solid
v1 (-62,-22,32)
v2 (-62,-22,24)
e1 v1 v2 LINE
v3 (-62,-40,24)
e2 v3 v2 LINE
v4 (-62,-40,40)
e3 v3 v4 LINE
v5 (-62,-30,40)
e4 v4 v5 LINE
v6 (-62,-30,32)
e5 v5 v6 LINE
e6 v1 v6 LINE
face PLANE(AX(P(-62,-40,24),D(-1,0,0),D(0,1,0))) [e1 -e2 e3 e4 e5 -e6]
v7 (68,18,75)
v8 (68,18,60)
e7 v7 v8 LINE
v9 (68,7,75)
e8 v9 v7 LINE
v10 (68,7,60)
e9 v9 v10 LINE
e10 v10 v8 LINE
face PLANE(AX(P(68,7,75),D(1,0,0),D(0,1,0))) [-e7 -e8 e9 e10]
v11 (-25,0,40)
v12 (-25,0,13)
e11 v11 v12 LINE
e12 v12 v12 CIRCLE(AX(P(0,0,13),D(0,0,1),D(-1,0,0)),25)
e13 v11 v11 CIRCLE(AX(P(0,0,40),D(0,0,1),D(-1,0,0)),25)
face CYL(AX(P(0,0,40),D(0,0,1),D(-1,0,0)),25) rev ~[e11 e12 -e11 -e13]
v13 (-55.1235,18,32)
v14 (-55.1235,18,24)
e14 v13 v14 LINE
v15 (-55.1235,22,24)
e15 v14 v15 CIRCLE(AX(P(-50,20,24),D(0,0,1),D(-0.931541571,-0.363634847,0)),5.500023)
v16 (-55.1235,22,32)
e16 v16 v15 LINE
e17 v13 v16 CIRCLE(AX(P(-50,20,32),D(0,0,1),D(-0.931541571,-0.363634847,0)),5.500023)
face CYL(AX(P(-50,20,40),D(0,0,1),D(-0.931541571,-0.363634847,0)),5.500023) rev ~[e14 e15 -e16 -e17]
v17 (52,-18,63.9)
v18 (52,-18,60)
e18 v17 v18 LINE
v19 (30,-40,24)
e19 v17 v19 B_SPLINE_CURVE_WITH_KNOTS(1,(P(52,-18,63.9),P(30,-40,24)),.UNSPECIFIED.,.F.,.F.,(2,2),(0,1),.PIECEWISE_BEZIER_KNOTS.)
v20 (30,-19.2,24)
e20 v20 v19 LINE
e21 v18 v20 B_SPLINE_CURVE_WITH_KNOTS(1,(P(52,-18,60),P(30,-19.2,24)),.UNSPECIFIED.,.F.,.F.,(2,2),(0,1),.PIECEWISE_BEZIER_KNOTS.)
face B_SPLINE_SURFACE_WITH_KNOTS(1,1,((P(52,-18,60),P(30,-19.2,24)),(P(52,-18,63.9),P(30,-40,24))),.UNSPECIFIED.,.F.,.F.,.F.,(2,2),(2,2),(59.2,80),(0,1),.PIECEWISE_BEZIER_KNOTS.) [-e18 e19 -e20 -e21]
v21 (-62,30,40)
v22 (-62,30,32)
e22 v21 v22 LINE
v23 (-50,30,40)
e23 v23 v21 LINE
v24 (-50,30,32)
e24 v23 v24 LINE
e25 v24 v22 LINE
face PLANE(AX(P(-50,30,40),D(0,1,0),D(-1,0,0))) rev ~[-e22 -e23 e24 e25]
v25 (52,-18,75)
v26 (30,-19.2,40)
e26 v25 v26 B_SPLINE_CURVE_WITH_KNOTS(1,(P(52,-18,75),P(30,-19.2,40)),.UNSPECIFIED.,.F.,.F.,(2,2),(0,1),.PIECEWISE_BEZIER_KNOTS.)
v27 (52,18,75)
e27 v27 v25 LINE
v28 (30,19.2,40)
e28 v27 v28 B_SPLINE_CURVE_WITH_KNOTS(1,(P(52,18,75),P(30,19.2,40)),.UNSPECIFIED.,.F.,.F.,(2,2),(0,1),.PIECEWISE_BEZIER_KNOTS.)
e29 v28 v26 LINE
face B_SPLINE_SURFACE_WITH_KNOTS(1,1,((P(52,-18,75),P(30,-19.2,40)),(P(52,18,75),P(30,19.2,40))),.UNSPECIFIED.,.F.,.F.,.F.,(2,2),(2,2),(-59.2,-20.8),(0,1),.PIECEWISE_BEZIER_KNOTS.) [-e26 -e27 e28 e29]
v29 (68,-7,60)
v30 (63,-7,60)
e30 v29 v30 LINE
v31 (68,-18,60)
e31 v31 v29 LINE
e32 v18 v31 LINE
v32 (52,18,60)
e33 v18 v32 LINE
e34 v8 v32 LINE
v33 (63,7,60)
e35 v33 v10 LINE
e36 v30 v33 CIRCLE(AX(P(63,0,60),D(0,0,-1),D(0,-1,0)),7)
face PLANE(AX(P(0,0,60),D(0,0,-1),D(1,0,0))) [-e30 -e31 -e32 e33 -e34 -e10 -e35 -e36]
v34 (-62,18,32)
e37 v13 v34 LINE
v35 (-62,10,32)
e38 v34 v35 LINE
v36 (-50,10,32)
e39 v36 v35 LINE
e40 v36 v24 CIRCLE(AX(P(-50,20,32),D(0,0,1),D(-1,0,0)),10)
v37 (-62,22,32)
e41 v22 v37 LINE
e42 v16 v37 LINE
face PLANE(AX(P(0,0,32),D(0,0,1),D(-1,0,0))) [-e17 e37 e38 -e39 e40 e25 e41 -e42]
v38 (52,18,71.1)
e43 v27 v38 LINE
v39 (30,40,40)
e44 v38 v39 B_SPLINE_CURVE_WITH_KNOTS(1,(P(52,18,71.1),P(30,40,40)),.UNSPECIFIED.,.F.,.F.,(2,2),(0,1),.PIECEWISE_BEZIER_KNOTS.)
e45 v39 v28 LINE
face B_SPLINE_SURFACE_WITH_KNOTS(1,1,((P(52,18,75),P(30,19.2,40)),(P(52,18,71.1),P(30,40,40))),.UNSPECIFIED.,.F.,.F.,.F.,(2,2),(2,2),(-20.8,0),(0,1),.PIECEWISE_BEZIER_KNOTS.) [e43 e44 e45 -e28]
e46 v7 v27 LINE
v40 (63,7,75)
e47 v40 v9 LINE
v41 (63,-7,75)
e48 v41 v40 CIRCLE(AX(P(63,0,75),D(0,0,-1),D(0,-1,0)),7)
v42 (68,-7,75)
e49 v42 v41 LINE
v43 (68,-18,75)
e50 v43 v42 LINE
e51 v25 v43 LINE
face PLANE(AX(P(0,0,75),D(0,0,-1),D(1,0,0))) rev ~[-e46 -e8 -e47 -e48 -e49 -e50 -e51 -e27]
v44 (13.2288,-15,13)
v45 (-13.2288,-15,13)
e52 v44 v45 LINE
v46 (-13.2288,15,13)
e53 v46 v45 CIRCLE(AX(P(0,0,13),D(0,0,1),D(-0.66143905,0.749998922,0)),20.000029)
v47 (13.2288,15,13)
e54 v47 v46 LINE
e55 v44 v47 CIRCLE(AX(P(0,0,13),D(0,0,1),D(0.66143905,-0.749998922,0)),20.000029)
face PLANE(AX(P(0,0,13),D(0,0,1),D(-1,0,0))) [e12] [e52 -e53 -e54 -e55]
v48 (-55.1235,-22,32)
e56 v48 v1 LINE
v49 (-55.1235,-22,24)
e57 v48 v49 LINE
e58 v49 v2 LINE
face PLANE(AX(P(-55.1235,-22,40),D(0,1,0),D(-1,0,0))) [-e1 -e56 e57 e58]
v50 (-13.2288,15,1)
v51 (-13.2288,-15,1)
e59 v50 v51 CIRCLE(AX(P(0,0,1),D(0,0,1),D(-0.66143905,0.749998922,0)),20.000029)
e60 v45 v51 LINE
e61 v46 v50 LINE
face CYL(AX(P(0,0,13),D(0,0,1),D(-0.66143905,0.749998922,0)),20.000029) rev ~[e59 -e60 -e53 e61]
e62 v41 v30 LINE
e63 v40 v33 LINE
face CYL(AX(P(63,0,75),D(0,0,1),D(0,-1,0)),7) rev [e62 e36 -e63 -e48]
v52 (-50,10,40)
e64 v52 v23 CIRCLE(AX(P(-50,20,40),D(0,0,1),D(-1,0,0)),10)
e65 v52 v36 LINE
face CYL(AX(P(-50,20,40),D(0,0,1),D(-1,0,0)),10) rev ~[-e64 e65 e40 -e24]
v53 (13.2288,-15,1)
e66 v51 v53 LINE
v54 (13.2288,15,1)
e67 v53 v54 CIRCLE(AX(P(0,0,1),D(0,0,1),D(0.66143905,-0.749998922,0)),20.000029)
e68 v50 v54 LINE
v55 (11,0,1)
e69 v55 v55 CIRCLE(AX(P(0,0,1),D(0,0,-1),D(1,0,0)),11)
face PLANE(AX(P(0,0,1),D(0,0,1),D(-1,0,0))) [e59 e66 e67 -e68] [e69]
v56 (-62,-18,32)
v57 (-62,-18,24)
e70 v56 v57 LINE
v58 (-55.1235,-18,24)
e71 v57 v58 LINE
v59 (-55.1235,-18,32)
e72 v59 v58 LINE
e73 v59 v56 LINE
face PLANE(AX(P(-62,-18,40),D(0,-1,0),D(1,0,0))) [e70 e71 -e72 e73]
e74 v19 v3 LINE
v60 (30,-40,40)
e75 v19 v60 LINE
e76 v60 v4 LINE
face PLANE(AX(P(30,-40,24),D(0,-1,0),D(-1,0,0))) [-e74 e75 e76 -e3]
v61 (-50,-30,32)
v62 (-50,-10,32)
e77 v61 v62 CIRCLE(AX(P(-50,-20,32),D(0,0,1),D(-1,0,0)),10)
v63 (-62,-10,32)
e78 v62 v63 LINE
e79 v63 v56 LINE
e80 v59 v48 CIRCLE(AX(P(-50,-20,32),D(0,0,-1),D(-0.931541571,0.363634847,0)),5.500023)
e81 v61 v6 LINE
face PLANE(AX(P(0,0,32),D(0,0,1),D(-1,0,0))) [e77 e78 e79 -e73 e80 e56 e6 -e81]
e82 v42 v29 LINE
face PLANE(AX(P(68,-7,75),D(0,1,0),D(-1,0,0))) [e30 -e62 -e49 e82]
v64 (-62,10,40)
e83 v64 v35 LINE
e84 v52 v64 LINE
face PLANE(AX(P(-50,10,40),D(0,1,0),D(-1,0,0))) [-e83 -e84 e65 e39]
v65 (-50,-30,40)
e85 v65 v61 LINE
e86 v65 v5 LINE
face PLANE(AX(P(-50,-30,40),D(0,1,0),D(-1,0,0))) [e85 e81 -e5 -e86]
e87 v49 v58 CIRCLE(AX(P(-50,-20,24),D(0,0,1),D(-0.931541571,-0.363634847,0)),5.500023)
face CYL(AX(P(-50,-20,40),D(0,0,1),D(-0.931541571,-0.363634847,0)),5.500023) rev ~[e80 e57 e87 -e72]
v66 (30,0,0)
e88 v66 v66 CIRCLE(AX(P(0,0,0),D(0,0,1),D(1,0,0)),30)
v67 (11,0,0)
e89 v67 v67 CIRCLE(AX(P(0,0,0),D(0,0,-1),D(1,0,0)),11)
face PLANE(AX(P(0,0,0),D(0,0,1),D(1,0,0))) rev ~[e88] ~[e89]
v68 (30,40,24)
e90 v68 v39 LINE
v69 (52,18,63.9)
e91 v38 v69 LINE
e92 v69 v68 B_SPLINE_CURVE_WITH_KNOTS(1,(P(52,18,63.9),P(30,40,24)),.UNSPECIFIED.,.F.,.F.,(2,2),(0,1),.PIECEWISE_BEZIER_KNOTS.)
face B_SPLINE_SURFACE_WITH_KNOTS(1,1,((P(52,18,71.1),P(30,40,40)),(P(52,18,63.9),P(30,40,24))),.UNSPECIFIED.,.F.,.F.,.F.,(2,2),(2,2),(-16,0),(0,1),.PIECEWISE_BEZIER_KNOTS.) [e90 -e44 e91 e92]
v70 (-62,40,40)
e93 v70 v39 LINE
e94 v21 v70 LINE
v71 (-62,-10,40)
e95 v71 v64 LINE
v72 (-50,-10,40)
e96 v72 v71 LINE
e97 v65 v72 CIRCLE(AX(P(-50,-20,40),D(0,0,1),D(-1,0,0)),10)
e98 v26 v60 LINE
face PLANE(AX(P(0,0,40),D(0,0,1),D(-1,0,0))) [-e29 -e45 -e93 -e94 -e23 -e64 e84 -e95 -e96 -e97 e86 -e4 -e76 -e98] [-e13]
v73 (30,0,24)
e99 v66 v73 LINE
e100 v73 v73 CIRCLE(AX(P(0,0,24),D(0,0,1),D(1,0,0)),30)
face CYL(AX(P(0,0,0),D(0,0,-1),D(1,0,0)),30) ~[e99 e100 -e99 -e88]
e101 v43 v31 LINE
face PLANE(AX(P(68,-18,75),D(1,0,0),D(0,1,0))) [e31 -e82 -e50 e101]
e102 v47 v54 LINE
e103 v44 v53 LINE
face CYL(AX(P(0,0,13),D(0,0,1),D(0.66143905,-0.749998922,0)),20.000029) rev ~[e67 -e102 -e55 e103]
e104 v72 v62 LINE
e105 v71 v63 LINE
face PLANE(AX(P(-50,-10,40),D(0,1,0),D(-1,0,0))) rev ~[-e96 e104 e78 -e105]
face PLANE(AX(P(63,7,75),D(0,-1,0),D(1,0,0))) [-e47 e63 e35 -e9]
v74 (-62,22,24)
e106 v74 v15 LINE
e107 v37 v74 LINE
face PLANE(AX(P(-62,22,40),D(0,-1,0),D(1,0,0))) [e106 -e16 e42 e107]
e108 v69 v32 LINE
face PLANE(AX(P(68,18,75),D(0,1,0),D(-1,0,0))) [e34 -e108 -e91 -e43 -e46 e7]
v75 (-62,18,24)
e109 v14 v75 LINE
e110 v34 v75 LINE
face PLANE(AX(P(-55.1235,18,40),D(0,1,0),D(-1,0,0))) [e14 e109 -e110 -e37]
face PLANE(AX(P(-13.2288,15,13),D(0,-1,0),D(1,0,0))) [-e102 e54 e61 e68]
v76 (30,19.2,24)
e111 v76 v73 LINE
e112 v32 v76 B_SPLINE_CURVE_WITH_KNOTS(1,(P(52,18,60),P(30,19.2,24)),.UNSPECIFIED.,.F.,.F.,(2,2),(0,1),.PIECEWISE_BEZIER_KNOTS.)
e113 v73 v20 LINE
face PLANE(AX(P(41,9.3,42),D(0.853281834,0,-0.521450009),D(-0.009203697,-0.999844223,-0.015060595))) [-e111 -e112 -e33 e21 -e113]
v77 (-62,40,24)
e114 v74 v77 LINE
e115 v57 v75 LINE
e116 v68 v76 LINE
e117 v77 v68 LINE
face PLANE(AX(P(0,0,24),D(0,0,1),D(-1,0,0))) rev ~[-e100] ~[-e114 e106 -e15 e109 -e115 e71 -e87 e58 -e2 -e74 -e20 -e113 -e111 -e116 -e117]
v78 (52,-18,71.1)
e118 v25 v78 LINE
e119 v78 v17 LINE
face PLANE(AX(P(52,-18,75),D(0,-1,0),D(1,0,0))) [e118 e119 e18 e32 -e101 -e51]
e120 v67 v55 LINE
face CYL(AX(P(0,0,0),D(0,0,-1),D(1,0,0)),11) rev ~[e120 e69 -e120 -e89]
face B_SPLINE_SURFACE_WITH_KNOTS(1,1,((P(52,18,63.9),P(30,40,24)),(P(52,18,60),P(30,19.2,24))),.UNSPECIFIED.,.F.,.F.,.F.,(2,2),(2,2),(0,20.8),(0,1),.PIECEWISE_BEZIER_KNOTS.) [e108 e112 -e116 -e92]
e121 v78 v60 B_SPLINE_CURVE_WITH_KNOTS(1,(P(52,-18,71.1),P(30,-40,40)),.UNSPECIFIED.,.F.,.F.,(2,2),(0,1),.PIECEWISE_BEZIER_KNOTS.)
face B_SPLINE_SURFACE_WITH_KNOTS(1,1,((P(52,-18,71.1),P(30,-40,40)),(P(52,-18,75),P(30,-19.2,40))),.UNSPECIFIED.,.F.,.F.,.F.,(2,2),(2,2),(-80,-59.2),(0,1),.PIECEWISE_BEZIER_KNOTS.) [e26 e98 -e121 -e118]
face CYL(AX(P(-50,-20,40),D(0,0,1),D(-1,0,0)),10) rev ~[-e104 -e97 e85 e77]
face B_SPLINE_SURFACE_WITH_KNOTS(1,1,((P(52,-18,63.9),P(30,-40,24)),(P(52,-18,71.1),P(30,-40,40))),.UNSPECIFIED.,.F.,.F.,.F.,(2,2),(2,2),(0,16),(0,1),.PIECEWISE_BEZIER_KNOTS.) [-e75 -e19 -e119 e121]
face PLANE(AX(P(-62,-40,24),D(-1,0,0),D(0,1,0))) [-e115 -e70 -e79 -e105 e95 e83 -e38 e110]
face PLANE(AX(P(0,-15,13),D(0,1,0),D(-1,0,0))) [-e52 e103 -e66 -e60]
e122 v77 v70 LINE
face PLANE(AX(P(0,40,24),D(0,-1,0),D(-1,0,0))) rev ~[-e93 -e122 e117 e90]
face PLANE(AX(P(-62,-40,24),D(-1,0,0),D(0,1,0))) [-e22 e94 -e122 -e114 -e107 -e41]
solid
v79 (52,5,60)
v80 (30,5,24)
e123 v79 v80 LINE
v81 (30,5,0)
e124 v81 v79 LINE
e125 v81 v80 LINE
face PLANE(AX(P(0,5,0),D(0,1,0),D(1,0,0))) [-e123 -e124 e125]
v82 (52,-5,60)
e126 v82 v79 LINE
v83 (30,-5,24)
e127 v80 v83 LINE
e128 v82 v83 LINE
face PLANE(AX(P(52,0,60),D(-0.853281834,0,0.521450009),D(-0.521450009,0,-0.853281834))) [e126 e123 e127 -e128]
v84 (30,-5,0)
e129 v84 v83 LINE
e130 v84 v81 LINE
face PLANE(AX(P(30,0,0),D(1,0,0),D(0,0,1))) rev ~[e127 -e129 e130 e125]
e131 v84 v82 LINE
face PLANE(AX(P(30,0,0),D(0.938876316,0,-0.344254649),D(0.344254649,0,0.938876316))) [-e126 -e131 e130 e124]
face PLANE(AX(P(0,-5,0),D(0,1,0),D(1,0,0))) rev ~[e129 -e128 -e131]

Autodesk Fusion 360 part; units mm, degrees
sketch "Sketch1" plane through (0, 0, 0) normal (0, 0, 1) x (1, 0, 0)
  circle A0 centre (0, 0) radius 30
extrude "Extrude1" add sketch "Sketch1" along normal blind 24 makes body 1
sketch "Sketch2" plane through (0, 0, 24) normal (0, 0, 1) x (-1, 0, 0)
  circle A0 centre (0, 0) radius 30
  line L0 (-30, 0) -> (-30, -40)
  line L1 (-30, -40) -> (-30, 0)
  line L2 (-30, 0) -> (-30, 40)
  line L3 (0, -40) -> (62, -40)
  line L4 (62, -40) -> (-30, -40)
  line L5 (-30, -40) -> (-30, 40)
  line L6 (-30, 40) -> (62, 40)
  line L7 (62, 40) -> (62, -40)
extrude "Extrude2" add sketch "Sketch2" along normal blind 16 contours A0 | L0 L1 L2 L3 L4 L5 L6 L7 bodies 1
sketch "Sketch3" plane through (0, 0, 40) normal (0, 0, 1) x (-1, 0, 0)
  line L0 (62, 40) -> (-30, 40)
  line L1 (-30, 40) -> (-30, -40)
  line L2 (-30, -40) -> (62, -40)
  line L3 (62, -40) -> (62, 40)
  line L4 (62, 0) -> (62, -20)
  line L5 (62, 0) -> (62, 20)
  line L6 (55.1235, 22) -> (62, 22)
  line L7 (62, 22) -> (62, 18)
  line L8 (62, 18) -> (55.1235, 18)
  line L9 (55.1235, -18) -> (62, -18)
  line L10 (62, -18) -> (62, -22)
  line L11 (62, -22) -> (55.1235, -22)
  arc A0 (59.798, -18) -> (59.798, -22) centre (50, -20) ccw
  arc A1 (55.1235, -18) -> (55.1235, -22) centre (50, -20) ccw
  arc A2 (59.798, 22) -> (59.798, 18) centre (50, 20) ccw
  arc A3 (55.1235, 22) -> (55.1235, 18) centre (50, 20) ccw
  point P0 (62, 0)
extrude "Extrude3" cut sketch "Sketch3" against normal blind 123 contours L3 L5 L6 L7 L8 A3 | L3 L4 L9 L10 L11 A1 bodies 1
sketch "Sketch4" plane through (0, 0, 40) normal (0, 0, 1) x (-1, 0, 0)
  line L0 (55.1235, 22) -> (62, 22)
  line L1 (62, 22) -> (62, 40)
  line L2 (62, 40) -> (-30, 40)
  line L3 (-30, 40) -> (-30, -40)
  line L4 (-30, -40) -> (62, -40)
  line L5 (62, -40) -> (62, -22)
  line L6 (62, -22) -> (55.1235, -22)
  arc A0 (55.1235, -18) -> (55.1235, -22) centre (50, -20) ccw
  line L7 (55.1235, -18) -> (62, -18)
  line L8 (62, -18) -> (62, 18)
  line L9 (62, 18) -> (55.1235, 18)
  arc A1 (55.1235, 22) -> (55.1235, 18) centre (50, 20) ccw
  circle A2 centre (50, -20) radius 10
  circle A3 centre (50, 20) radius 10
  line L10 (50, -30) -> (50, -10)
  line L11 (50, 30) -> (50, 10)
  line L12 (50, -30) -> (62, -30)
  line L13 (50, -10) -> (62, -10)
  line L14 (50, 10) -> (62, 10)
  line L15 (50, 30) -> (62, 30)
  dimension "d25" = 20
  dimension "d26" = 20
extrude "Extrude4" cut sketch "Sketch4" against normal blind 8 contours L0 A1 A3 L11 | L0 L1 A3 L15 | A1 A3 L11 | L9 A1 A3 L11 | L8 L9 A3 L14 | L7 L8 A2 L13 | A0 A2 L10 | A0 L7 A2 L10 | L6 A0 A2 L10 | L5 L6 A2 L12 bodies 1
sketch "Sketch5" plane through (0, -40, 0) normal (0, -1, 0) x (1, 0, 0)
  line L0 (-62, 24) -> (30, 24)
  line L1 (30, 24) -> (30, 40)
  line L2 (30, 40) -> (-62, 40)
  line L3 (-62, 40) -> (-62, 24)
  line L4 (52, 55) -> (52, 70)
  line L5 (52, 70) -> (52, 55)
  line L6 (30, 40) -> (52, 70)
  line L7 (30, 24) -> (52, 55)
sketch "Sketch6" plane through (0, 40, 0) normal (0, 1, 0) x (-1, 0, 0)
  line L0 (-30, 24) -> (62, 24)
  line L1 (62, 24) -> (62, 40)
  line L2 (62, 40) -> (-30, 40)
  line L3 (-30, 40) -> (-30, 24)
  line L4 (62, 24) -> (-52, 24)
  line L5 (-52, 24) -> (-52, 26)
  line L6 (-52, 26) -> (-30, 26)
  line L7 (-30, 24) -> (-30, 26)
  dimension "d34" = 114
  dimension "d35" = 2
ref_plane "WorkPlane3" through (0, 0, 75) normal (0, 0, -1) x (-1, 0, 0)
sketch "Sketch23" plane through (0, 0, 75) normal (0, 0, -1) x (1, 0, 0)
  line L0 (-62, -30) -> (-50, -30) construction
  arc A0 (-50, -30) -> (-50, -10) centre (-50, -20) ccw construction
  line L1 (-50, -10) -> (-62, -10) construction
  line L2 (-62, -10) -> (-62, 10) construction
  line L3 (-62, 10) -> (-50, 10) construction
  arc A1 (-50, 10) -> (-50, 30) centre (-50, 20) ccw construction
  line L4 (-50, 30) -> (-62, 30) construction
  line L5 (-62, 30) -> (-62, 40) construction
  line L6 (-62, 40) -> (30, 40) construction
  line L7 (30, 40) -> (30, -40) construction
  line L8 (30, -40) -> (-62, -40) construction
  line L9 (-62, -40) -> (-62, -30) construction
  line L10 (-62, 0) -> (68, 0) construction
  line L11 (68, 0) -> (52, 0) construction
  line L12 (52, 0) -> (52, -18) construction
  line L13 (52, -18) -> (52, 18) construction
  line L14 (68, -18) -> (52, -18)
  line L15 (52, -18) -> (52, 18)
  line L16 (52, 18) -> (68, 18)
  line L17 (68, 18) -> (68, -18)
  line L18 (68, -18) -> (52, 18) construction
  line L19 (52, -18) -> (68, 18) construction
  circle A2 centre (0, 0) radius 30 construction
  line L20 (0, 0) -> (63, 0) construction
  line L21 (63, -7) -> (77.3975, -7)
  arc A3 (77.3975, -7) -> (77.3975, 7) centre (77.3975, 0) ccw
  line L22 (77.3975, 7) -> (63, 7)
  arc A4 (63, 7) -> (63, -7) centre (63, 0) ccw
  line L23 (63, 0) -> (77.3975, 0) construction
  point P0 (60, 0)
  dimension "d68" = 130
  dimension "d69" = 16
  dimension "d72" = 16
  dimension "d73" = 36
  dimension "d74" = 63
  dimension "d75" = 14
extrude "Extrude15" add sketch "Sketch23" along normal blind 15 separate body contours L14 L15 L16 L17 L21 L22 A4 makes body 2
loft "Loft1" add section 1 face at (52, 6, 70) section 2 face at (30, 0, 34.6667) on bodies 1 2 bodies 2 1
sketch "Sketch24" plane through (0, 0, 0) normal (0, 1, 0) x (1, 0, 0)
  line L0 (52, -75) -> (30, -40)
  line L1 (52, -60) -> (30, -24)
  line L2 (-62, -40) -> (30, -40)
  line L3 (-62, -24) -> (-62, -40)
  line L4 (-30, -24) -> (-62, -24)
  line L5 (-30, 0) -> (30, 0)
  line L6 (52, -75) -> (68, -75)
  line L7 (68, -60) -> (52, -60)
  line L8 (68, -75) -> (68, -60)
  line L9 (-30, 0) -> (-30, -24)
  line L10 (30, 0) -> (30, -24)
  line L11 (30, 0) -> (52, -60)
extrude "Extrude16" add sketch "Sketch24" along normal mid plane 10 separate body contours L1 L10 L11 makes body 3
sketch "Sketch25" plane through (0, 0, 0) normal (0, 0, -1) x (1, 0, 0)
  circle A0 centre (0, 0) radius 30
sketch "Sketch14" plane through (0, 0, 40) normal (0, 0, 1) x (-1, 0, 0)
  line L0 (62, -30) -> (50, -30)
  arc A0 (50, -10) -> (50, -30) centre (50, -20) ccw
  line L1 (50, -10) -> (62, -10)
  line L2 (62, -10) -> (62, 10)
  line L3 (62, 10) -> (50, 10)
  arc A1 (50, 30) -> (50, 10) centre (50, 20) ccw
  line L4 (50, 30) -> (62, 30)
  line L5 (62, 30) -> (62, 40)
  line L6 (62, 40) -> (-30, 40)
  line L7 (-30, -40) -> (62, -40)
  circle A2 centre (0, 0) radius 25
  line L8 (-30, 40) -> (-30, -40)
  line L9 (62, -40) -> (62, -30)
  dimension "d53" = 50
extrude "Extrude12" cut sketch "Sketch14" against normal blind 27 contours A2 bodies 2
sketch "Sketch15" plane through (0, 0, 0) normal (0, 0, -1) x (1, 0, 0)
  circle A0 centre (0, 0) radius 30
  circle A1 centre (0, 0) radius 11
  dimension "d56" = 22
sketch "Sketch16" plane through (0, 0, 13) normal (0, 0, 1) x (-1, 0, 0)
  circle A0 centre (0, 0) radius 25
  line L0 (0, 0) -> (0, -15)
  line L1 (0, -15) -> (0, 0)
  line L2 (0, 0) -> (0, 15)
  line L3 (0, -15) -> (-13.2288, -15)
  line L4 (13.2288, -15) -> (0, -15)
  line L5 (0, 15) -> (-13.2288, 15)
  line L6 (0, 15) -> (13.2288, 15)
  arc A1 (13.2288, -15) -> (13.2288, 15) centre (0, 0) ccw
  arc A2 (-13.2288, 15) -> (-13.2288, -15) centre (0, 0) ccw
extrude "Extrude14" cut sketch "Sketch16" against normal blind 12 contours L0 L1 L2 L4 L6 A1 | L0 L1 L2 L3 L5 A2 bodies 2
extrude "Extrude13" cut sketch "Sketch15" against normal blind 45 contours A1 bodies 2
